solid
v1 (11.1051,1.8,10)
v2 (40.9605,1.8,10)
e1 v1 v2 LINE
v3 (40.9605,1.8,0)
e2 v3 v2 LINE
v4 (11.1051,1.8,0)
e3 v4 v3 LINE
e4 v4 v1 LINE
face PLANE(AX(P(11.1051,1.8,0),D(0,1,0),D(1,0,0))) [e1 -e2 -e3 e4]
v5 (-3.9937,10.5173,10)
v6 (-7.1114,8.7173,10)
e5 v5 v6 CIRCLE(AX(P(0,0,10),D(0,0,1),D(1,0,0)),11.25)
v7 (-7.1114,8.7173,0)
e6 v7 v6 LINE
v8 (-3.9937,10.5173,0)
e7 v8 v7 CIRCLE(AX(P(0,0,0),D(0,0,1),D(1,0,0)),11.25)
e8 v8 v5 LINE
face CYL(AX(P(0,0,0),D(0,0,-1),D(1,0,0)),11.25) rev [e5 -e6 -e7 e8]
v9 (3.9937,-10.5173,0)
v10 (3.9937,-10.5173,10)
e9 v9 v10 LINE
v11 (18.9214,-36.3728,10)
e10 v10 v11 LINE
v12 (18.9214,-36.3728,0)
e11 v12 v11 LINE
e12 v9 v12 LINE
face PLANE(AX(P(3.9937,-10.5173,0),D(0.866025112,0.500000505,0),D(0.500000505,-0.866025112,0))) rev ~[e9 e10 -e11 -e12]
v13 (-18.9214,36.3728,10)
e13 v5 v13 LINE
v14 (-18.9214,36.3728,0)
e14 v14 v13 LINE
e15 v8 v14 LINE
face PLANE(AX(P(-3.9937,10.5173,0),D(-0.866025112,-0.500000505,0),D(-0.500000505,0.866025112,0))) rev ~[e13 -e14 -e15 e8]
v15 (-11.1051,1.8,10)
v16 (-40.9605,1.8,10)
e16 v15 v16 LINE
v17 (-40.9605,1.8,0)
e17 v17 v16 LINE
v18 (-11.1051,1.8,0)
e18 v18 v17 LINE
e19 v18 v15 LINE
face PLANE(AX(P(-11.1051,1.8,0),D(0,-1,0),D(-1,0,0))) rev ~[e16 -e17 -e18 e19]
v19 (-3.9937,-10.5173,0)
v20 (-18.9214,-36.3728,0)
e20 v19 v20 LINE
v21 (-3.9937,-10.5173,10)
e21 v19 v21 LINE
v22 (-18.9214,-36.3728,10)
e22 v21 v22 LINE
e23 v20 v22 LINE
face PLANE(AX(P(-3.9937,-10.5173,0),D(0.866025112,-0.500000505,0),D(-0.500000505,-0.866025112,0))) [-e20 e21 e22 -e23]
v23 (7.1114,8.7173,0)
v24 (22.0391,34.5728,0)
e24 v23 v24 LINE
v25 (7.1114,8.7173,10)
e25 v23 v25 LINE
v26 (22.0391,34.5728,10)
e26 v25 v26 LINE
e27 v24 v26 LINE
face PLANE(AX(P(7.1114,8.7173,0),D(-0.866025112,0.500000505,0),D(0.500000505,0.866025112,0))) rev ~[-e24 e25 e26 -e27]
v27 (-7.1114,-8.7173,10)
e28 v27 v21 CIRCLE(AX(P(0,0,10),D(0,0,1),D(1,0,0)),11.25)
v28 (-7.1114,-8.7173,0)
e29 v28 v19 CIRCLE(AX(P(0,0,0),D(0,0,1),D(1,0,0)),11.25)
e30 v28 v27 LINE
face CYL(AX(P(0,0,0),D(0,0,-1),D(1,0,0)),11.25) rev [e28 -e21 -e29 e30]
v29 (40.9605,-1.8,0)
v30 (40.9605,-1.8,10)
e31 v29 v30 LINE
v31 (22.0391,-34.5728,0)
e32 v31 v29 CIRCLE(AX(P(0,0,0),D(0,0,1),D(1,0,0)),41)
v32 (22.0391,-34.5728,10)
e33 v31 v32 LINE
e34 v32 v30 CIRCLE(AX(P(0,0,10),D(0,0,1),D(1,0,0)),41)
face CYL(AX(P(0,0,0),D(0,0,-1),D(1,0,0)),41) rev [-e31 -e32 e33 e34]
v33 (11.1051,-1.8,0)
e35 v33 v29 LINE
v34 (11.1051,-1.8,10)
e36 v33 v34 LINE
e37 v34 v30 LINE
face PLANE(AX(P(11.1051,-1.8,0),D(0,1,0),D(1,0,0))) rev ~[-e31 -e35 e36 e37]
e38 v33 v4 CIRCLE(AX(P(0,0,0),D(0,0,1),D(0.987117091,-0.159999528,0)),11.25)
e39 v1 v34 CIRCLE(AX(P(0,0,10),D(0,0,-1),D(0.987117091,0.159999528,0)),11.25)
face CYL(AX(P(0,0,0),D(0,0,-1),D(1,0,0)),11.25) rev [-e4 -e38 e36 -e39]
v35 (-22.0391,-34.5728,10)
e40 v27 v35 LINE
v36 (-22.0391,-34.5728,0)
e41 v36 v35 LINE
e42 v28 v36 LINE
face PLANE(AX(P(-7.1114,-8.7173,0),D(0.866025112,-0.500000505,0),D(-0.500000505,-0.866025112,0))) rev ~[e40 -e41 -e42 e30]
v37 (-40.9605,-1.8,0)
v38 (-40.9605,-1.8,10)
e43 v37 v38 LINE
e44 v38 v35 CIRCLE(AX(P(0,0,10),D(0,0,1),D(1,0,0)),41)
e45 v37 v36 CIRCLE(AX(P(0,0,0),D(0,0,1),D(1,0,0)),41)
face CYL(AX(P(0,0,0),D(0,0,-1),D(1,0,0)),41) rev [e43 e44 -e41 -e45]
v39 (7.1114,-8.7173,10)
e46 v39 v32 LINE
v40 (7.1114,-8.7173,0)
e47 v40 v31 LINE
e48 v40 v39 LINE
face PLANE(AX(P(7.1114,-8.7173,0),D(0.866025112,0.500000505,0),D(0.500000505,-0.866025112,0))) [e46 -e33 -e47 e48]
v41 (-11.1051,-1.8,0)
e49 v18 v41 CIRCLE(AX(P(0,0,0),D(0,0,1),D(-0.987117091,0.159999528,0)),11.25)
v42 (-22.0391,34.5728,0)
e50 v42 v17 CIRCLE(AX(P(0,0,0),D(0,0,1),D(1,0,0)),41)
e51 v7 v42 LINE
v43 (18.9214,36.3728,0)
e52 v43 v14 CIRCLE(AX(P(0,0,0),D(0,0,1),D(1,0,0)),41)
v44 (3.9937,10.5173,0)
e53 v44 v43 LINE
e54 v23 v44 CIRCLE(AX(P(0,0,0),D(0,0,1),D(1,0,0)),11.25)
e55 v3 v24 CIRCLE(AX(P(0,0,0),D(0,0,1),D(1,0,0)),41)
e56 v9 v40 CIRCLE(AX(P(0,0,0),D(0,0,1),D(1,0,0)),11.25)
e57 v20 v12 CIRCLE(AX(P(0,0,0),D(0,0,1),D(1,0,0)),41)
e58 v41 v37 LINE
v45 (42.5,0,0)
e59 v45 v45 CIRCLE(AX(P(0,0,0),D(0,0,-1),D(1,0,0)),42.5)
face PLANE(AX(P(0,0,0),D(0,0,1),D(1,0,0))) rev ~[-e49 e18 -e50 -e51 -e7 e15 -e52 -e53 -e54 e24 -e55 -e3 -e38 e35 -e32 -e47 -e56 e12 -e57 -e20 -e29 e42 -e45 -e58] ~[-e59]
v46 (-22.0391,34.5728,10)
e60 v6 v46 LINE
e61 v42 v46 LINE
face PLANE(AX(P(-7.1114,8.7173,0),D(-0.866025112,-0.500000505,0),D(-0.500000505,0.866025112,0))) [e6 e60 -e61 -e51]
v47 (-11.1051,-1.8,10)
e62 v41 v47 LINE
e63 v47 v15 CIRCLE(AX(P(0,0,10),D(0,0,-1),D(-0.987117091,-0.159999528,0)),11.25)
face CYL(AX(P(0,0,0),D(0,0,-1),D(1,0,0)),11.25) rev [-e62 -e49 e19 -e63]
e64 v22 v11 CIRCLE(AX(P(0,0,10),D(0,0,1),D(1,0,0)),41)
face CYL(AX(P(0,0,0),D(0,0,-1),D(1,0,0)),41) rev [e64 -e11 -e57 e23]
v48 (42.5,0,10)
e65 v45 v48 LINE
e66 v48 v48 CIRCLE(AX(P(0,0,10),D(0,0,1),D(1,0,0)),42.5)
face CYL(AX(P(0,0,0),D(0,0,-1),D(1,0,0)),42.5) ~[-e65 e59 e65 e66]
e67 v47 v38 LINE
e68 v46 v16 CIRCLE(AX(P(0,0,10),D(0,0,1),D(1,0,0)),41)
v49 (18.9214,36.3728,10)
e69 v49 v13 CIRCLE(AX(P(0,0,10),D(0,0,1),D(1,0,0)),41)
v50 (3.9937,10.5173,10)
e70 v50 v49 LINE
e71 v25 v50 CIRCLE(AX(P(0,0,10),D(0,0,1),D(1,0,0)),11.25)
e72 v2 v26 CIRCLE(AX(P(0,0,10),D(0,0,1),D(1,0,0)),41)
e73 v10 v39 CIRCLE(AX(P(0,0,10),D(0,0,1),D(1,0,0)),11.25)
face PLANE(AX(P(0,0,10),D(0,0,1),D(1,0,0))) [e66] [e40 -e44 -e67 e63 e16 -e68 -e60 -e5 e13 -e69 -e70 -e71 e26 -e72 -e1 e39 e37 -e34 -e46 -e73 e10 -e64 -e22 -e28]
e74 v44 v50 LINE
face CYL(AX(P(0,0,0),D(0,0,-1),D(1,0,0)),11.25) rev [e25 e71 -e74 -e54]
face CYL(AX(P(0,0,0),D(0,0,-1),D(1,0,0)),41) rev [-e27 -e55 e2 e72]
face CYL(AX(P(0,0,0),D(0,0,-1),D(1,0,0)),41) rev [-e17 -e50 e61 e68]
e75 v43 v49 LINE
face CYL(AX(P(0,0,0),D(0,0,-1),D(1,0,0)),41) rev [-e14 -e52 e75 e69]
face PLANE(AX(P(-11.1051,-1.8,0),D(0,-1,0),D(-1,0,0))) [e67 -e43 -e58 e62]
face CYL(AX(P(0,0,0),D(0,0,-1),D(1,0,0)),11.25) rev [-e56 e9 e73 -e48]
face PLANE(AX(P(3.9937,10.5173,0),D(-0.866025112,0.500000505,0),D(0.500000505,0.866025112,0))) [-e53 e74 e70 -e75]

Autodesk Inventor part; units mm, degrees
ref_plane "YZ Plane" through (0, 0, 0) normal (1, 0, 0) x (0, 1, 0)
ref_plane "XZ Plane" through (0, 0, 0) normal (0, 1, 0) x (-1, 0, 0)
ref_plane "XY Plane" through (0, 0, 0) normal (0, 0, 1) x (1, 0, 0)
sketch "Sketch1" plane through (0, 0, 0) normal (0, 0, 1) x (1, 0, 0)
  circle A0 centre (0, 0) radius 42.5
  circle A1 centre (0, 0) radius 41
  circle A2 centre (0, 0) radius 11.25
  line L0 (11.1051, 1.8) -> (40.9605, 1.8)
  line L1 (42.5, 0) -> (43.6334, 0) construction
  line L2 (-59.7267, 0) -> (60.8601, 0) projected
  line L3 (11.1051, -1.8) -> (40.9605, -1.8)
  line L4 (3.9937, 10.5173) -> (18.9214, 36.3728)
  line L5 (7.1114, 8.7173) -> (22.0391, 34.5728)
  line L6 (-7.1114, 8.7173) -> (-22.0391, 34.5728)
  line L7 (-3.9937, 10.5173) -> (-18.9214, 36.3728)
  line L8 (-11.1051, -1.8) -> (-40.9605, -1.8)
  line L9 (-11.1051, 1.8) -> (-40.9605, 1.8)
  line L10 (-3.9937, -10.5173) -> (-18.9214, -36.3728)
  line L11 (-7.1114, -8.7173) -> (-22.0391, -34.5728)
  line L12 (7.1114, -8.7173) -> (22.0391, -34.5728)
  line L13 (3.9937, -10.5173) -> (18.9214, -36.3728)
  point P0 (11.1051, -1.8)
  point P1 (22.0391, -34.5728)
  point P2 (7.1114, -8.7173)
  point P3 (3.9937, -10.5173)
  point P4 (18.9214, -36.3728)
  point P5 (-3.9937, -10.5173)
  point P6 (-7.1114, -8.7173)
  point P7 (-11.1051, -1.8)
  point P8 (-11.1051, 1.8)
  point P9 (-7.1114, 8.7173)
  point P10 (-3.9937, 10.5173)
  point P11 (3.9937, 10.5173)
  dimension "d0" = 85
  dimension "d1" = 82
  dimension "d2" = 22.5
  dimension "d3" = 1.8
  dimension "d6" = 360
extrude "Extrusion1" add sketch "Sketch1" along normal blind 10 contours L2 A1 A0 | A0 L2 A1 | L2 A2 L0 A1 | A1 L3 A2 L2 | L2 A2 L8 A1 | A1 L9 A2 L2 | L5 A2 L4 A1 | A1 L13 A2 L12 | A1 L7 A2 L6 | L11 A2 L10 A1
equation "\"d0\" = D_yttreSpolRotor"
equation "\"d1\" = D_yttreSpolRotor - d_yttreRing"
equation "\"d2\" = 2 * r_yttre + d_yttreRing_1"
equation "\"d3\" = d_stöttor"
equation "\"d8\" = h_spolRotor"
equation "\"D_yttreSpolRotor\" = 85"
equation "\"h_spolRotor\" = h_rullager"
equation "\"d_yttreRing\" = 3"
equation "\"r_yttre\" = 10"
equation "\"d_yttreRing_1\" = 2.5"
equation "\"d_stöttor\" = 1.8"
equation "\"h_rullager\" = 10"
properties part number "Spol_rotor_parameteriserad_03 [2020-11-22]"
